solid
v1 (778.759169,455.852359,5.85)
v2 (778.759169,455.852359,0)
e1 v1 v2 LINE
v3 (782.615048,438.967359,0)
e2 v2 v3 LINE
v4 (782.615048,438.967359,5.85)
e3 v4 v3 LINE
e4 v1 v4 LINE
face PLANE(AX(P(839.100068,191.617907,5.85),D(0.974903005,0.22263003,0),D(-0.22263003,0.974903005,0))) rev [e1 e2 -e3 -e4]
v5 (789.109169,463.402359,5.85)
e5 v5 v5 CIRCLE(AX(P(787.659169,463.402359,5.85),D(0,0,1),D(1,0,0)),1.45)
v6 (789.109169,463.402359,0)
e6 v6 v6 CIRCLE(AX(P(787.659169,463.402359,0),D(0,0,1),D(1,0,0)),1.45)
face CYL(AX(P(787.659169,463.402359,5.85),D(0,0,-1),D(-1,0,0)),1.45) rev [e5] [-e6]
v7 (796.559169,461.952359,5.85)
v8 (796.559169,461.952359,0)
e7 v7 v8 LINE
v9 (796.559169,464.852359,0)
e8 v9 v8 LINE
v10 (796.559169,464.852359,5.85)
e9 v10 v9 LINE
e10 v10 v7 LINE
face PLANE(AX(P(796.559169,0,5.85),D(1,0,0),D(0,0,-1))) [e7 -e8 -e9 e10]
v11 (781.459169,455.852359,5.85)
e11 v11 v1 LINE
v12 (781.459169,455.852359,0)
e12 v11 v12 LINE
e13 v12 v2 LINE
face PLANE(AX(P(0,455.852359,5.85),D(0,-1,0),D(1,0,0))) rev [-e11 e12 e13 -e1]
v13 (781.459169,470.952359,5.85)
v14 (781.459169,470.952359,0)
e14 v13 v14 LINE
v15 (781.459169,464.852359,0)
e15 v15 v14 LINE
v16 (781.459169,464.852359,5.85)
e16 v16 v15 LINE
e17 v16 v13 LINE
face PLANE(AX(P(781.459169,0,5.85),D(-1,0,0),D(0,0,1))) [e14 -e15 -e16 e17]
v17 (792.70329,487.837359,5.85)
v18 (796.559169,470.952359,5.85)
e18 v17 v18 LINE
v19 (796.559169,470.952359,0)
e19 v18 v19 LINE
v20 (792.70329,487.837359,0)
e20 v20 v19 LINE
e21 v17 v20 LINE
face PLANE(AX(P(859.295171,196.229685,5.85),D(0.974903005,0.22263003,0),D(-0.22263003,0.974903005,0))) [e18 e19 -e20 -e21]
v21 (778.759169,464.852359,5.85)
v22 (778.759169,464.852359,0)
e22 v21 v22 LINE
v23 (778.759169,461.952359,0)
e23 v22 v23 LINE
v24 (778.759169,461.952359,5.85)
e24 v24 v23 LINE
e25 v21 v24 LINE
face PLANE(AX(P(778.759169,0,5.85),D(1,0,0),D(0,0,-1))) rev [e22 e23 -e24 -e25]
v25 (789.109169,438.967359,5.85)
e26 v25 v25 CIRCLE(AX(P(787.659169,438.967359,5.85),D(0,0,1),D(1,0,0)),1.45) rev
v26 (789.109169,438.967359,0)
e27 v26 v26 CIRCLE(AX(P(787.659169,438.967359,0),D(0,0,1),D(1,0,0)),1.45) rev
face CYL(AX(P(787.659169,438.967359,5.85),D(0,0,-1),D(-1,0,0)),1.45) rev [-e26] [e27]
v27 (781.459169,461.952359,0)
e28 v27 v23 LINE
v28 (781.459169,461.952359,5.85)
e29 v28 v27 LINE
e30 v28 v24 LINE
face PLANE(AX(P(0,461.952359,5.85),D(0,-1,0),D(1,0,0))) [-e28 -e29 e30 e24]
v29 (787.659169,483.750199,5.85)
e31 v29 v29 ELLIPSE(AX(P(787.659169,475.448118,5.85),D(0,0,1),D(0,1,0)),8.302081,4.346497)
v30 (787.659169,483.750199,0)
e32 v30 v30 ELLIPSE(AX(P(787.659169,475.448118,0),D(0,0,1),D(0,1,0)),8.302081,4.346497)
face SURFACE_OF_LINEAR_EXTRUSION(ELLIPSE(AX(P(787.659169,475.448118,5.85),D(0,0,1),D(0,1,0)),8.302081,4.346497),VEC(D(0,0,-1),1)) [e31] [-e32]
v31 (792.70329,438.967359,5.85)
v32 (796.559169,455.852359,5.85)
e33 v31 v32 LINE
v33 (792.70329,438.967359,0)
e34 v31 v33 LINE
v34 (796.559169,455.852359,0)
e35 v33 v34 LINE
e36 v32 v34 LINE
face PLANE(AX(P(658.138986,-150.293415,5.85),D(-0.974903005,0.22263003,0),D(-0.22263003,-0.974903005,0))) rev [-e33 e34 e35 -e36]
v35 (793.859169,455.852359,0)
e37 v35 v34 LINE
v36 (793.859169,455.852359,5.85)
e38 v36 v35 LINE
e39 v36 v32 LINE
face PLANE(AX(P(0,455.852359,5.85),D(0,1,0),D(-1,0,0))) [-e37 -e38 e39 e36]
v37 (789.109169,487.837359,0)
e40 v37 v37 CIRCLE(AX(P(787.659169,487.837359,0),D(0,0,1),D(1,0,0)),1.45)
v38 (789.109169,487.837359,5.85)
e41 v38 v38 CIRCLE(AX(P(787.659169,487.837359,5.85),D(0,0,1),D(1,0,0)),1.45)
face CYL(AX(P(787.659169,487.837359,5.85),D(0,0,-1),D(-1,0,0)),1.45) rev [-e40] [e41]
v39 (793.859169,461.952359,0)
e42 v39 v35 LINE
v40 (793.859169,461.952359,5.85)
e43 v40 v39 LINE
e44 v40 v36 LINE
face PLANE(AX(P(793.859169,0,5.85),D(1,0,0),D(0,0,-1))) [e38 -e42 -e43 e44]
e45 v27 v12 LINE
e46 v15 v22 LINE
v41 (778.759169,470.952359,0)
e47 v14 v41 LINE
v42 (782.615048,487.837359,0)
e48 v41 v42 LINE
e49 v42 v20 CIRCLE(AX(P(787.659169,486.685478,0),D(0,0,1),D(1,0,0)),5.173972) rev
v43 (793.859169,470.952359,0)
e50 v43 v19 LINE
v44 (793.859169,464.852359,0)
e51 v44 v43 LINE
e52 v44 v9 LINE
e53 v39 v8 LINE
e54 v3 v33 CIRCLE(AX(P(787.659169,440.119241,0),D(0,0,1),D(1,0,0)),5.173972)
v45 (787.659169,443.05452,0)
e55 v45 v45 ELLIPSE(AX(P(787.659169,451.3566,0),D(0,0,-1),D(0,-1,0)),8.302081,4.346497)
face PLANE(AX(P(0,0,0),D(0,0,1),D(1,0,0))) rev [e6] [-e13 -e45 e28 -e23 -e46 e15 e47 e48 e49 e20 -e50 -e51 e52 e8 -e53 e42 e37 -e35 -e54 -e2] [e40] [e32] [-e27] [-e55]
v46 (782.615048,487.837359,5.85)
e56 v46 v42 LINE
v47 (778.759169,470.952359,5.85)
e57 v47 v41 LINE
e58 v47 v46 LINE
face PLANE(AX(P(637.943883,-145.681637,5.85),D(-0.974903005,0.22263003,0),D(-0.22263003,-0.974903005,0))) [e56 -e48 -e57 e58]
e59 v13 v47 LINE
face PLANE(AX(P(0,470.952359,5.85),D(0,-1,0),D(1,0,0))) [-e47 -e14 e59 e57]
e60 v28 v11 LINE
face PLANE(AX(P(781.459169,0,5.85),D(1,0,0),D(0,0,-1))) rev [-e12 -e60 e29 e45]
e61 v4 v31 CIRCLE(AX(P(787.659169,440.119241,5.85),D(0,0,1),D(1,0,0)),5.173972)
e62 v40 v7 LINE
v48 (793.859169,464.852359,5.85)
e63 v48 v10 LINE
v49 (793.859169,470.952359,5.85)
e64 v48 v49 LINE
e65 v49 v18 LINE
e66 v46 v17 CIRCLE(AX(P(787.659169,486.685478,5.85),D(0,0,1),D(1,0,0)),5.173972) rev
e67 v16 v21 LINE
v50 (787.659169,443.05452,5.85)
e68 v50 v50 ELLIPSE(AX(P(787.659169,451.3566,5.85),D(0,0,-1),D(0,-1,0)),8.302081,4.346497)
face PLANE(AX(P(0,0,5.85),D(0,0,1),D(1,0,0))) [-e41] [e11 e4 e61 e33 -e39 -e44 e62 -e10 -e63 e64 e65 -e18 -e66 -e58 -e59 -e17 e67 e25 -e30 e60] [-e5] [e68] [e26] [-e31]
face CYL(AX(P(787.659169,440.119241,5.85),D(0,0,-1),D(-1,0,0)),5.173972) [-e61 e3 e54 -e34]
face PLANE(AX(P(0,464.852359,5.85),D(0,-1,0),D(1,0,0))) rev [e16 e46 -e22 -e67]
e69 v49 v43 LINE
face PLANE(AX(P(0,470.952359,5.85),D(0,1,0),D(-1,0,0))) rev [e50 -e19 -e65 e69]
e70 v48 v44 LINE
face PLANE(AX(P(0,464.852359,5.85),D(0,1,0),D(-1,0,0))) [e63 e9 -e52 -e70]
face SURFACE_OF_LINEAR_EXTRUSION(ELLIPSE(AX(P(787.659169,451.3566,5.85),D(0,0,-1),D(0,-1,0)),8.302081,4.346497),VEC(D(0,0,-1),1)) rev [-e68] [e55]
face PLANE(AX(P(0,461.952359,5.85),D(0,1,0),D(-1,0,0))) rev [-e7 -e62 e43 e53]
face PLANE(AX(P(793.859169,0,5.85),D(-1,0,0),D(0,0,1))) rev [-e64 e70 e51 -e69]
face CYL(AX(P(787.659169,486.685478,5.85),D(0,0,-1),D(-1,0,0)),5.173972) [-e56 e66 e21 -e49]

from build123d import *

# Parameters (mm, degrees)
SKETCH1_R           = 1.45
SKETCH1_RX          = 8.302080555
SKETCH1_RY          = 4.346497416
BOSS_EXTRUDE1_DEPTH = 5.85


with BuildPart() as part:
    # Sketch1 → Boss-Extrude1 (new body)
    with BuildSketch(Plane.XY):
        with BuildLine():
            Line((781.459168709, 464.852359197), (778.759168709, 464.852359197))
            Line((778.759168709, 464.852359197), (778.759168709, 461.952359197))
            Line((778.759168709, 461.952359197), (781.459168709, 461.952359197))
            Line((781.459168709, 461.952359197), (781.459168709, 455.852359197))
            Line((781.459168709, 455.852359197), (778.759168709, 455.852359197))
            Line((778.759168709, 455.852359197), (782.615047744, 438.967359197))
            ThreePointArc((782.615047744, 438.967359197), (787.659168709, 434.945268649), (792.703289673, 438.967359197))
            Line((792.703289673, 438.967359197), (796.559168709, 455.852359197))
            Line((796.559168709, 455.852359197), (793.859168709, 455.852359197))
            Line((793.859168709, 455.852359197), (793.859168709, 461.952359197))
            Line((793.859168709, 461.952359197), (796.559168709, 461.952359197))
            Line((796.559168709, 461.952359197), (796.559168709, 464.852359197))
            Line((796.559168709, 464.852359197), (793.859168709, 464.852359197))
            Line((793.859168709, 464.852359197), (793.859168709, 470.952359197))
            Line((793.859168709, 470.952359197), (796.559168709, 470.952359197))
            Line((796.559168709, 470.952359197), (792.703289673, 487.837359197))
            ThreePointArc((792.703289673, 487.837359197), (787.659168709, 491.859449744), (782.615047744, 487.837359197))
            Line((782.615047744, 487.837359197), (778.759168709, 470.952359197))
            Line((778.759168709, 470.952359197), (781.459168709, 470.952359197))
            Line((781.459168709, 470.952359197), (781.459168709, 464.852359197))
        make_face()
        with Locations((787.659168709, 487.837359197)):
            Circle(SKETCH1_R, mode=Mode.SUBTRACT)
        with Locations((787.659168709, 438.967359197)):
            Circle(SKETCH1_R, mode=Mode.SUBTRACT)
        with Locations((787.659168709, 463.402359197)):
            Circle(SKETCH1_R, mode=Mode.SUBTRACT)
        with Locations(Location((787.659168709, 475.448118238), (0, 0, 90))):
            Ellipse(SKETCH1_RX, SKETCH1_RY, mode=Mode.SUBTRACT)
        with Locations(Location((787.659168709, 451.356600156), (0, 0, -90))):
            Ellipse(SKETCH1_RX, SKETCH1_RY, mode=Mode.SUBTRACT)
    extrude(amount=BOSS_EXTRUDE1_DEPTH)


solid = part.part
